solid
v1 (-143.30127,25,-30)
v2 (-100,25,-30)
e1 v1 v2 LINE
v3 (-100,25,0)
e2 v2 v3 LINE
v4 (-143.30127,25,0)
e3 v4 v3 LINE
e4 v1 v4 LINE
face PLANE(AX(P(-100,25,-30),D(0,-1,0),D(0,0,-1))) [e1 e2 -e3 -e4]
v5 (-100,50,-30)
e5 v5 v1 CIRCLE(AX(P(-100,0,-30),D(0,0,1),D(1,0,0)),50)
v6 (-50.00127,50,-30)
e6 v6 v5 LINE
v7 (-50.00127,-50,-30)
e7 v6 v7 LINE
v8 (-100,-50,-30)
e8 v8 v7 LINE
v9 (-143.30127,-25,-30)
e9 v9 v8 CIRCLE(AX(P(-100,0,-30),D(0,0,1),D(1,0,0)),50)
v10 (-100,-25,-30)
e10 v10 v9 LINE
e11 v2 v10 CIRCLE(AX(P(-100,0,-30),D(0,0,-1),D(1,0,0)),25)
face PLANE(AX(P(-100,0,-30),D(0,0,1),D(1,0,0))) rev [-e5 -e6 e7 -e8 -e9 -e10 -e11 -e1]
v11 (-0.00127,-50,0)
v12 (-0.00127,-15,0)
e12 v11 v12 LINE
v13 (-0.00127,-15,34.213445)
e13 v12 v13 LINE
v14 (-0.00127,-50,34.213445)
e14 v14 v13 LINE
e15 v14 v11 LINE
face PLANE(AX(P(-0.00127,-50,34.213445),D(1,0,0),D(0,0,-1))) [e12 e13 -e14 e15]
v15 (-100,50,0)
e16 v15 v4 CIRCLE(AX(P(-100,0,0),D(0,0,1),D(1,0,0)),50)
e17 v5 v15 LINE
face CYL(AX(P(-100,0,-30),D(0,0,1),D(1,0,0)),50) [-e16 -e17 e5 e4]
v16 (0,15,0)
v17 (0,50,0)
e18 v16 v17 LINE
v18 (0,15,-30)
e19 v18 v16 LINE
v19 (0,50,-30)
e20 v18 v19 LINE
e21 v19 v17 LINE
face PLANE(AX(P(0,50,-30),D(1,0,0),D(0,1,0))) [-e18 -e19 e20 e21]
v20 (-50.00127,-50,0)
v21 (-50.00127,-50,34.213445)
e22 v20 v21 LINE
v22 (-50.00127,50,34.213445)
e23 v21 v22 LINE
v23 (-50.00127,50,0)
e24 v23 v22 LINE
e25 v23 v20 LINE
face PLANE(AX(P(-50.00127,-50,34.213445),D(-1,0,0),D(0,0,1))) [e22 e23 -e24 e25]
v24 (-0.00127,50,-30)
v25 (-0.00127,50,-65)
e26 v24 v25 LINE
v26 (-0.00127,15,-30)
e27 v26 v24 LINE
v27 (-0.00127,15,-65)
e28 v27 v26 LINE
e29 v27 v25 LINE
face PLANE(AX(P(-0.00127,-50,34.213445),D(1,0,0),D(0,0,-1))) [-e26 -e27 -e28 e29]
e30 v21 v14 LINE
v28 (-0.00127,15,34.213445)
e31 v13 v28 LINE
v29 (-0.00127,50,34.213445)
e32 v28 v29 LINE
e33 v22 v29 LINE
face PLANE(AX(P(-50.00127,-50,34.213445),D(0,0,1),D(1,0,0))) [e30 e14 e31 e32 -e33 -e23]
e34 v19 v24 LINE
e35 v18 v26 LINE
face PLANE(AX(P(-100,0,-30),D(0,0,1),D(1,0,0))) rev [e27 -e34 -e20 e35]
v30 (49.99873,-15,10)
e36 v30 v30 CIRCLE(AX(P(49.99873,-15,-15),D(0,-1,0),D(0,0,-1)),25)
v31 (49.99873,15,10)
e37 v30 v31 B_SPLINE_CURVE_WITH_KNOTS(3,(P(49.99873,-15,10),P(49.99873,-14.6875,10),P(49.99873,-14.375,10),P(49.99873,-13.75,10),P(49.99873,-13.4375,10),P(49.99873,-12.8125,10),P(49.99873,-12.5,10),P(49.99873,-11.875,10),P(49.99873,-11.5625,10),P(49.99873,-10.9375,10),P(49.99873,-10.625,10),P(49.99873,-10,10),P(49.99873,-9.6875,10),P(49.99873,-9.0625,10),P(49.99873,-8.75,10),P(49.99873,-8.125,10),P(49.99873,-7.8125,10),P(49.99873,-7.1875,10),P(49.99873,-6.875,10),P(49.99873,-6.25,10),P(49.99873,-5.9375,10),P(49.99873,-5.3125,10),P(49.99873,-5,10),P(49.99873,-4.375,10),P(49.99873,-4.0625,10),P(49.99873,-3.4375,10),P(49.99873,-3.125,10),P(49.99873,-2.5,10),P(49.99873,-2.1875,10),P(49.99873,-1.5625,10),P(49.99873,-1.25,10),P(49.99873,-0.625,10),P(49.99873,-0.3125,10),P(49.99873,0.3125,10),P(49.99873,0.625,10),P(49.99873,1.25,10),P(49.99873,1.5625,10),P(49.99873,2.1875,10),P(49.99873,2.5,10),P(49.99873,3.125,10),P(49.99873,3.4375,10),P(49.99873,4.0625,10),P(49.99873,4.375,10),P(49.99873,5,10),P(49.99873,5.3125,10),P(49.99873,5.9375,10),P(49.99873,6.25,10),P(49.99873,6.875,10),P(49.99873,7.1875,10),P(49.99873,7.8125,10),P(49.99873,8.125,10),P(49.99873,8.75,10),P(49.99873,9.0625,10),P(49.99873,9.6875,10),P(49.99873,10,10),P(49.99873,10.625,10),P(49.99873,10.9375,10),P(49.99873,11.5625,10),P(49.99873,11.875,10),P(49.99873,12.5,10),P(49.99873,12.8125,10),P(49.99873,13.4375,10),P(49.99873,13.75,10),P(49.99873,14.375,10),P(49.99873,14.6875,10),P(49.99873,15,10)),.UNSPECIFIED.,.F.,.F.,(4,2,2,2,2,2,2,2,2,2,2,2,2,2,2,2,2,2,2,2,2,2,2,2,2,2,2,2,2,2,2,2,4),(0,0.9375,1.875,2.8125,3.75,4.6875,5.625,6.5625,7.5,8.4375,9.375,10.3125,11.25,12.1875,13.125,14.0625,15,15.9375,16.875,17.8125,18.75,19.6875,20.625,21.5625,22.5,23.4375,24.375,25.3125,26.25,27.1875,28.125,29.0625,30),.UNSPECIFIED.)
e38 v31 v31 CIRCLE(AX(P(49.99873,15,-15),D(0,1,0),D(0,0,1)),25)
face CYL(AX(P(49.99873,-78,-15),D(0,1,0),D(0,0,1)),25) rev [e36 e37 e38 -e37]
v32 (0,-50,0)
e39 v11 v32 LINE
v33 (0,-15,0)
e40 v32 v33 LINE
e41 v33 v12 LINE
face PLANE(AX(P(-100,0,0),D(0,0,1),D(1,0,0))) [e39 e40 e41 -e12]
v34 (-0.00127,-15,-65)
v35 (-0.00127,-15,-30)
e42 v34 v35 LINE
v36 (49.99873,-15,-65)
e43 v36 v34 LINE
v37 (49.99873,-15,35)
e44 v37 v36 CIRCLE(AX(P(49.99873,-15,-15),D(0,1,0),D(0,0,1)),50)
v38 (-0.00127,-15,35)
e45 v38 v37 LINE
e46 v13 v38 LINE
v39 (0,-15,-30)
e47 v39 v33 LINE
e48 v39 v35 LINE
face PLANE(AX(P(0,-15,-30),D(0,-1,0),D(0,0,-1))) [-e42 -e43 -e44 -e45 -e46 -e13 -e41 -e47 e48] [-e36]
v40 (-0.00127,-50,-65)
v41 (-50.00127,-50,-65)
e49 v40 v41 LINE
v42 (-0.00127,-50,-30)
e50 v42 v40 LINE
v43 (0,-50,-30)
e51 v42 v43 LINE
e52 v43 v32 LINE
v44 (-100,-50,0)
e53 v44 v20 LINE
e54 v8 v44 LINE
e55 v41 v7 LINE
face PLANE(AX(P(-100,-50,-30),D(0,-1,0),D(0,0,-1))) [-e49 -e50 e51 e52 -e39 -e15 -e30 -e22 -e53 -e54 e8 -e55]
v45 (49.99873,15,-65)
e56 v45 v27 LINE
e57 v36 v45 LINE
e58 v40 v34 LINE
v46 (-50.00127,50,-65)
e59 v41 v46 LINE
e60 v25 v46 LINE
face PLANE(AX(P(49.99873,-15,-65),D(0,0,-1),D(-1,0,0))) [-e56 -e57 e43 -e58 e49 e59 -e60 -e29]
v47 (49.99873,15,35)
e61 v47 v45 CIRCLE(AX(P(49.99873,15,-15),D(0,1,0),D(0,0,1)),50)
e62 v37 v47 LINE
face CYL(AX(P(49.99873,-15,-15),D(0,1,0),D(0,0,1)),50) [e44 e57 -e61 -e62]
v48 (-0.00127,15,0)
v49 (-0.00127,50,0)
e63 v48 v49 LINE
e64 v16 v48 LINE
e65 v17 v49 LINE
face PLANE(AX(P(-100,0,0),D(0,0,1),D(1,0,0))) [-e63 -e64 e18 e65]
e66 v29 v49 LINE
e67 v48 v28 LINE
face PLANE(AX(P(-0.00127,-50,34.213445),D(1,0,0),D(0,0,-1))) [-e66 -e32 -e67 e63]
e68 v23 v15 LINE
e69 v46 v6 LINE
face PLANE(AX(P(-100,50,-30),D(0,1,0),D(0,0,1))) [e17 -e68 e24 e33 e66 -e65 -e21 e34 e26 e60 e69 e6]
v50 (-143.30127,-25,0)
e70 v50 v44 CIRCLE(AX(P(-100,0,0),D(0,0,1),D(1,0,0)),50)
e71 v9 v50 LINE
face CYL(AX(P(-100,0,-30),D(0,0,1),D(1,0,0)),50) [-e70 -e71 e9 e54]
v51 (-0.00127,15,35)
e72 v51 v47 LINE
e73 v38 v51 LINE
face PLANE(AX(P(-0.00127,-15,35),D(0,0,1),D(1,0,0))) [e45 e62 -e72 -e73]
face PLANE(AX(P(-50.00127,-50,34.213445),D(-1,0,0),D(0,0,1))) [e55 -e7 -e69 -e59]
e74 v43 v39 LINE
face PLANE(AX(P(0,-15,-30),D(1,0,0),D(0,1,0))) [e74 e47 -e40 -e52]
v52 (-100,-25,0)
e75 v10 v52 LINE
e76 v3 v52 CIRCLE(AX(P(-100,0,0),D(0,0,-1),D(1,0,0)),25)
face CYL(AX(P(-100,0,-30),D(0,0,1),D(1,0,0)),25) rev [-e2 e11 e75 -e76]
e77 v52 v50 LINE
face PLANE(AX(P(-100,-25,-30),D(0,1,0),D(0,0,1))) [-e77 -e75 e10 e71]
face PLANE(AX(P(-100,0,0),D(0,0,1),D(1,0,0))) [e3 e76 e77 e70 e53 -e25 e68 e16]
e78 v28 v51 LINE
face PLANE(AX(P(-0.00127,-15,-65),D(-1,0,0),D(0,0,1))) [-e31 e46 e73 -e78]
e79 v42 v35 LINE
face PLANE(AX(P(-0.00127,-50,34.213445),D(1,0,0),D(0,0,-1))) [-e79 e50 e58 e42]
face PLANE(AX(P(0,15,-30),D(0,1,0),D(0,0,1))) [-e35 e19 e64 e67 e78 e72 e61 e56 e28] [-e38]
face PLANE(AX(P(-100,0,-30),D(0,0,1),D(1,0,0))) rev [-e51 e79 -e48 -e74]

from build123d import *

# Parameters (mm, degrees)
BOSS_EXTRUDE1_DEPTH = 30
BOSS_EXTRUDE2_DEPTH = 30
CUT_EXTRUDE1_DEPTH  = 64
SKETCH4_R           = 25
CUT_EXTRUDE2_DEPTH  = 93
SKETCH6_W           = 50
SKETCH6_H           = 99.213444665
BOSS_EXTRUDE3_DEPTH = 100


with BuildPart() as part:
    # Sketch1 → Boss-Extrude1 (new body)
    with BuildSketch(Plane.XY):
        with BuildLine():
            Line((-100, 25), (-143.301270189, 25))
            ThreePointArc((-143.301270189, 25), (-125, 43.301270189), (-100, 50))
            Line((-100, 50), (0, 50))
            Line((0, 50), (0, 15))
            Line((0, 15), (100, 15))
            Line((100, 15), (100, -15))
            Line((100, -15), (0, -15))
            Line((0, -15), (0, -50))
            Line((0, -50), (-100, -50))
            ThreePointArc((-100, -50), (-125, -43.301270189), (-143.301270189, -25))
            Line((-143.301270189, -25), (-100, -25))
            ThreePointArc((-100, -25), (-75, 0), (-100, 25))
        make_face()
    extrude(amount=-BOSS_EXTRUDE1_DEPTH)

    # Sketch2 → Boss-Extrude2 (add)
    with BuildSketch(Plane(origin=(0, 15, 0), x_dir=(1, 0, 0), z_dir=(0, 1, 0))):
        with BuildLine():
            Line((49.998729811, 65), (-0.001270189, 65))
            Line((-0.001270189, 65), (-0.001270189, -35))
            Line((-0.001270189, -35), (49.998729811, -35))
            ThreePointArc((49.998729811, -35), (99.998729811, 15), (49.998729811, 65))
        make_face()
    extrude(amount=-BOSS_EXTRUDE2_DEPTH)

    # Sketch3 → Cut-Extrude1 (cut)
    with BuildSketch(Plane(origin=(0, 15, 0), x_dir=(1, 0, 0), z_dir=(0, 1, 0))):
        with BuildLine():
            Line((97.695689882, 30), (100, 30))
            Line((100, 30), (100, 0))
            Line((100, 0), (97.695689882, 0))
            ThreePointArc((97.695689882, 0), (99.998729811, 15), (97.695689882, 30))
        make_face()
    extrude(amount=-CUT_EXTRUDE1_DEPTH, mode=Mode.SUBTRACT)

    # Sketch4 → Cut-Extrude2 (cut)
    with BuildSketch(Plane(origin=(0, 15, 0), x_dir=(1, 0, 0), z_dir=(0, 1, 0))):
        with Locations(Location((49.998729811, 15, 0), (0, 0, 270))):
            Circle(SKETCH4_R)
    extrude(amount=-CUT_EXTRUDE2_DEPTH, mode=Mode.SUBTRACT)

    # Sketch6 → Boss-Extrude3 (add)
    with BuildSketch(Plane(origin=(0, 50, 0), x_dir=(1, 0, 0), z_dir=(0, 1, 0))):
        with Locations((-25.001270189, 15.393277667)):
            Rectangle(SKETCH6_W, SKETCH6_H)
    extrude(amount=-BOSS_EXTRUDE3_DEPTH)


solid = part.part
